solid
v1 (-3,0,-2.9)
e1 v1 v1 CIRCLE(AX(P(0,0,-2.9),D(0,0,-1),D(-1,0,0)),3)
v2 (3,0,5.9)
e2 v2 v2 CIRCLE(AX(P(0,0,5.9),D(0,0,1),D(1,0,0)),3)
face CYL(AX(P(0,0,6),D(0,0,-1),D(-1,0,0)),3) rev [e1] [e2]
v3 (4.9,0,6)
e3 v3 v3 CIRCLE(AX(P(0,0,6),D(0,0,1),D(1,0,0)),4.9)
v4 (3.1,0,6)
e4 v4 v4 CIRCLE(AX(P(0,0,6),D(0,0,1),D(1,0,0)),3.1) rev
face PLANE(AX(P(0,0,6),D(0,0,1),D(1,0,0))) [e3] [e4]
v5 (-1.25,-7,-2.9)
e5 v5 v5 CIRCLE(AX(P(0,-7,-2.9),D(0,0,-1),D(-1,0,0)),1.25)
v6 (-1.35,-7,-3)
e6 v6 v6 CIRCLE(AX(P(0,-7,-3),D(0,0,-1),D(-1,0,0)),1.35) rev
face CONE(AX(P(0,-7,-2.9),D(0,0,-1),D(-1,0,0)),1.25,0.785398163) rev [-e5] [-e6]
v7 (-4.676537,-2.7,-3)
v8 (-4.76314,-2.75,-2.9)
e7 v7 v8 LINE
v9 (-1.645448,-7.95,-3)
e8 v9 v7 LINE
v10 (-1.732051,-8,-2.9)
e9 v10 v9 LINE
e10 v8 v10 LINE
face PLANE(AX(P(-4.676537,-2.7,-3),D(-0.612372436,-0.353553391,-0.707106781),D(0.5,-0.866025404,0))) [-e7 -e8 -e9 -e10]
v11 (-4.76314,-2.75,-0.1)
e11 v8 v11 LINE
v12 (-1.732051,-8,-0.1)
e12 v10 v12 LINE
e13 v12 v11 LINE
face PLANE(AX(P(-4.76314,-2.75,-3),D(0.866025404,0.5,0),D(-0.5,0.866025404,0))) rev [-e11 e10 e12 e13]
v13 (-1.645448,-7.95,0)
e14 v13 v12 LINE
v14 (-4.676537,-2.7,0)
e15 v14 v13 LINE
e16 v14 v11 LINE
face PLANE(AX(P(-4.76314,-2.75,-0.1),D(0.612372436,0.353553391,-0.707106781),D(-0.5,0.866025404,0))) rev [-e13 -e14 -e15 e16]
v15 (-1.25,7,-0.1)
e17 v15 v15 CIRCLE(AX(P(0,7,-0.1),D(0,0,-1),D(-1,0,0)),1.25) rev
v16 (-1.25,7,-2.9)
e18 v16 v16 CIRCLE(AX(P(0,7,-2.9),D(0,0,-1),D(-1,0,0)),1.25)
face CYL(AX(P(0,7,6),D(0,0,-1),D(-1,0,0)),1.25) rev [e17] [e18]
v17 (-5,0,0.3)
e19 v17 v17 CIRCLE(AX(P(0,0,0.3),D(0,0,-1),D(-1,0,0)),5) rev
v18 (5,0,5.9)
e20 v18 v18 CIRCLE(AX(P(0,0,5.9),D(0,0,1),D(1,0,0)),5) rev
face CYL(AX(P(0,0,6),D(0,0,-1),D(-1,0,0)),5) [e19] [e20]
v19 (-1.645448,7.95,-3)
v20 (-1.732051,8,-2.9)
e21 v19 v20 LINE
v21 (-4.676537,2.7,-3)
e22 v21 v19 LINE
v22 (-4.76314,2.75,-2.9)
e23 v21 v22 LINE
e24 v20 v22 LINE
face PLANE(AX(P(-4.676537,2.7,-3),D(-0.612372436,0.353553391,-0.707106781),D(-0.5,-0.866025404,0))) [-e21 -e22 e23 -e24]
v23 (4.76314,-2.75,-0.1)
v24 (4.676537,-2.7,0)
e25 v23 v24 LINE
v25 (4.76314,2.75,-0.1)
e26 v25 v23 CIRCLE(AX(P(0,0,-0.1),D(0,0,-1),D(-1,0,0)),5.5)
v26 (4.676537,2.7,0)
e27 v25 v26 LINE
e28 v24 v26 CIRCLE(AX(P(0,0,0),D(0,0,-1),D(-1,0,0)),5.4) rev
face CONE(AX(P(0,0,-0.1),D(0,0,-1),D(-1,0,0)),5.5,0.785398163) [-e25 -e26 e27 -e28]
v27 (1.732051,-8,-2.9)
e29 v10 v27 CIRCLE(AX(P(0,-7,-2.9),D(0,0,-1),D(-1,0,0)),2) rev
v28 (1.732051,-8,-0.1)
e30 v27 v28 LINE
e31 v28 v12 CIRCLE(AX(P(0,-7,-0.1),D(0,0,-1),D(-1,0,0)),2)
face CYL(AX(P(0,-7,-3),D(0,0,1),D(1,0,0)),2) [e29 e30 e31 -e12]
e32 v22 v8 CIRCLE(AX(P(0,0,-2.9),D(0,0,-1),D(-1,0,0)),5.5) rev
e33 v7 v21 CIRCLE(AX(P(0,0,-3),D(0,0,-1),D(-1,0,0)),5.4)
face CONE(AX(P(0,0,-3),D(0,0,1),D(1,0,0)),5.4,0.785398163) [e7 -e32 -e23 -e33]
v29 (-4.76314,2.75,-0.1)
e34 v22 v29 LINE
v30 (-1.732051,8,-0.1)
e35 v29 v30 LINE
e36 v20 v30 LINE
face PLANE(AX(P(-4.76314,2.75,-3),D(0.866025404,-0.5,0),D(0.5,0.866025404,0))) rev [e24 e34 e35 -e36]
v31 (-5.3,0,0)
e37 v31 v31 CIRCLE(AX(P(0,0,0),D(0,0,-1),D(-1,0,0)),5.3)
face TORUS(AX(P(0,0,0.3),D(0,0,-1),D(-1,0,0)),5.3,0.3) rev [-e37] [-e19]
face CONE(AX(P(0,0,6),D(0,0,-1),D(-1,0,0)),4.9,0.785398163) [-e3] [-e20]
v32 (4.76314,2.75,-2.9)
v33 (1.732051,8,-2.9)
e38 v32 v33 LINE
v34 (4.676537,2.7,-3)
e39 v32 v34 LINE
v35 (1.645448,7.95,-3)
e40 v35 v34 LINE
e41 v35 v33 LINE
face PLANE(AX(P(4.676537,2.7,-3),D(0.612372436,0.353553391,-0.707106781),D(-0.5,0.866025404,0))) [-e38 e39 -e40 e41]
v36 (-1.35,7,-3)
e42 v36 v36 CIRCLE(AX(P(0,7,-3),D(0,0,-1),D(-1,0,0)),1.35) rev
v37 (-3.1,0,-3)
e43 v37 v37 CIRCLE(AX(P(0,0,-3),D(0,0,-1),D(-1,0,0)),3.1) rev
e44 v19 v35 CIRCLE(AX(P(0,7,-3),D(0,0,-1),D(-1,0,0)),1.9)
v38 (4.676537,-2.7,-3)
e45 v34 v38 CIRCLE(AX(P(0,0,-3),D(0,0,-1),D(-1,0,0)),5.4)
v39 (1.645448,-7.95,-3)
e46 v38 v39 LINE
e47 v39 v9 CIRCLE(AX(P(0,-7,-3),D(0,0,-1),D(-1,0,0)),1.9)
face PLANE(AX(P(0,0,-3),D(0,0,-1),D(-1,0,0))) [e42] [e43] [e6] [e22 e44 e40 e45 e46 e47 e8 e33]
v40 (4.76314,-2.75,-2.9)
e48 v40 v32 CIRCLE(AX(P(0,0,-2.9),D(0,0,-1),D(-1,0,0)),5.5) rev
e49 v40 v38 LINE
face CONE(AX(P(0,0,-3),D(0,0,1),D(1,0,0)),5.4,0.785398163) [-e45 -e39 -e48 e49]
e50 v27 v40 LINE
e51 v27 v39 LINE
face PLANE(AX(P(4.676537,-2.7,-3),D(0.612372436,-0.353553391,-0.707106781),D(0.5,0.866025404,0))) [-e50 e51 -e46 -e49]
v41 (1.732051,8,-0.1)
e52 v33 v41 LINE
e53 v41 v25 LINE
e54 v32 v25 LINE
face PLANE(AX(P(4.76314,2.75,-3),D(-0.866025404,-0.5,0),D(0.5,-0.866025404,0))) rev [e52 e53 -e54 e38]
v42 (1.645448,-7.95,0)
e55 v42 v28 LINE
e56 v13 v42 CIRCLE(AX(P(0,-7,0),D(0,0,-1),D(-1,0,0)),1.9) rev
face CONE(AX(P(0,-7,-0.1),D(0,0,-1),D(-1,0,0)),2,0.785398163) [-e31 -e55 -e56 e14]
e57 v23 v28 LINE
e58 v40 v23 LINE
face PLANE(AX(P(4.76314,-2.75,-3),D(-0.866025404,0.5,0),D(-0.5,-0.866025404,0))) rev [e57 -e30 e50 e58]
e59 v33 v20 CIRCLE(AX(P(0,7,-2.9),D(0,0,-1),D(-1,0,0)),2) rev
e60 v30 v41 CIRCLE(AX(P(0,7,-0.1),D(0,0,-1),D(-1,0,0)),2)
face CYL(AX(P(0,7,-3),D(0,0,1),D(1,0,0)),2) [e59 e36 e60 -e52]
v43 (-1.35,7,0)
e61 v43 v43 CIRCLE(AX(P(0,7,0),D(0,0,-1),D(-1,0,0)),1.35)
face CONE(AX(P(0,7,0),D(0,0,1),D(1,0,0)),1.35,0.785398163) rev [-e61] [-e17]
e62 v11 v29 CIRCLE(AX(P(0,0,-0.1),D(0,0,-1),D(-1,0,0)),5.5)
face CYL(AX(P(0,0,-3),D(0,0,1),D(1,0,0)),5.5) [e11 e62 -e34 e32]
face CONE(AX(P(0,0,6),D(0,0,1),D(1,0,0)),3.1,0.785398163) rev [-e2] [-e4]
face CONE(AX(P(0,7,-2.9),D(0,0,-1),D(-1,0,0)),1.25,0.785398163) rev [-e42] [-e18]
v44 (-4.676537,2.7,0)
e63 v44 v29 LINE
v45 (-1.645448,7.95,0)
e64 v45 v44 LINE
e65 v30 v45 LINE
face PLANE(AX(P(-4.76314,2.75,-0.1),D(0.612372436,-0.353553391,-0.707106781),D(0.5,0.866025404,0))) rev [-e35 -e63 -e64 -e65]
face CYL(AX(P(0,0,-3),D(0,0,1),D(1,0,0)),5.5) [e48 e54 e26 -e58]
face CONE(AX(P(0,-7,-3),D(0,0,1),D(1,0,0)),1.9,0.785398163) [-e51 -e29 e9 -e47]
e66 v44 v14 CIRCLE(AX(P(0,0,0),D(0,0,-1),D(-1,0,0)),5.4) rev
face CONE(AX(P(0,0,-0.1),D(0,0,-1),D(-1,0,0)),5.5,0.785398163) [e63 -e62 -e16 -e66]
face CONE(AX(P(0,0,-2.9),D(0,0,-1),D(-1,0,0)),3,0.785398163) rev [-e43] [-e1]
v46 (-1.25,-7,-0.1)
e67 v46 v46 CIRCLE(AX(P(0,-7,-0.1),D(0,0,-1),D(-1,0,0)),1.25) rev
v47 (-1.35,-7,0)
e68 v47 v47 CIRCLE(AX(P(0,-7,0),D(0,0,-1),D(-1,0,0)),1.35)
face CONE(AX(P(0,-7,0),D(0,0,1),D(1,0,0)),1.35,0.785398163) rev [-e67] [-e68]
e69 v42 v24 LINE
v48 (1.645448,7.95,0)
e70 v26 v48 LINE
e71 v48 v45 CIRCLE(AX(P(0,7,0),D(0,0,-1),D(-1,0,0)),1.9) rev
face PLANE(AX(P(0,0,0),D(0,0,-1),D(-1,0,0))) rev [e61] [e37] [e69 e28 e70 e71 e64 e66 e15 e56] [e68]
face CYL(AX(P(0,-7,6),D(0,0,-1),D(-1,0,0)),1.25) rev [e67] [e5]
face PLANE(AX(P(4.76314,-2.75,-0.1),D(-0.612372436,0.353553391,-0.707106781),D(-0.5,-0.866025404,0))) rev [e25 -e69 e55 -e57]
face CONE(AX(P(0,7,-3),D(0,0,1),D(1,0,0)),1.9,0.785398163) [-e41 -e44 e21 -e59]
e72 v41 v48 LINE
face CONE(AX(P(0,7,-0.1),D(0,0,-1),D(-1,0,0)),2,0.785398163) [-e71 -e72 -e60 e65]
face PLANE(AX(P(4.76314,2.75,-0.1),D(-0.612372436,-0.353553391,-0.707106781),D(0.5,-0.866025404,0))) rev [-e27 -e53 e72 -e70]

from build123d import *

# Parameters (mm, degrees)
SKETCH1_R           = 5
BOSS_EXTRUDE1_DEPTH = 6
BOSS_EXTRUDE2_DEPTH = 3
SKETCH3_R           = 3
SKETCH3_R_2         = 1.25
CUT_EXTRUDE1_DEPTH  = 14.865424624
FILLET1_R           = 0.3
CHAMFER1_SIZE       = 0.1


with BuildPart() as part:
    # Sketch1 → Boss-Extrude1 (new body)
    with BuildSketch(Plane.XY):
        Circle(SKETCH1_R)
    extrude(amount=BOSS_EXTRUDE1_DEPTH)

    # Sketch2 → Boss-Extrude2 (add)
    with BuildSketch(Plane(origin=(0, 0, 0), x_dir=(-1, 0, 0), z_dir=(0, 0, -1))):
        with BuildLine():
            Line((-4.763139721, 2.75), (-1.732050808, 8))
            ThreePointArc((-1.732050808, 8), (0, 9), (1.732050808, 8))
            Line((1.732050808, 8), (4.763139721, 2.75))
            ThreePointArc((4.763139721, 2.75), (5.5, 0), (4.763139721, -2.75))
            Line((4.763139721, -2.75), (1.732050808, -8))
            ThreePointArc((1.732050808, -8), (0, -9), (-1.732050808, -8))
            Line((-1.732050808, -8), (-4.763139721, -2.75))
            ThreePointArc((-4.763139721, -2.75), (-5.5, 0), (-4.763139721, 2.75))
        make_face()
    extrude(amount=BOSS_EXTRUDE2_DEPTH)

    # Sketch3 → Cut-Extrude1 (cut, through all)
    with BuildSketch(Plane(origin=(0, 0, -3), x_dir=(-1, 0, 0), z_dir=(0, 0, -1))):
        Circle(SKETCH3_R)
        with Locations((0, 7)):
            Circle(SKETCH3_R_2)
        with Locations((0, -7)):
            Circle(SKETCH3_R_2)
    extrude(amount=-CUT_EXTRUDE1_DEPTH, mode=Mode.SUBTRACT)

    # Fillet1
    fillet1_edges = [part.edges().sort_by_distance(p)[0] for p in [
        (-5, 0, 0),
    ]]
    fillet(fillet1_edges, radius=FILLET1_R)

    # Chamfer1
    chamfer1_edges = [part.edges().sort_by_distance(p)[0] for p in [
        (-3.247595264, -5.375, -3),
        (-5.5, 0, -3),
        (-3.247595264, 5.375, -3),
        (0, 9, -3),
        (3.247595264, 5.375, -3),
        (1.25, -7, 0),
        (1.25, -7, -3),
        (1.25, 7, 0),
        (1.25, 7, -3),
        (3, 0, 6),
        (3, 0, -3),
        (-5, 0, 6),
        (5.5, 0, 0),
        (3.247595264, -5.375, 0),
        (0, -9, 0),
        (-3.247595264, -5.375, 0),
        (-5.5, 0, 0),
        (-3.247595264, 5.375, 0),
        (0, 9, 0),
        (3.247595264, 5.375, 0),
        (5.5, 0, -3),
        (3.247595264, -5.375, -3),
        (0, -9, -3),
    ]]
    chamfer(chamfer1_edges, length=CHAMFER1_SIZE)


solid = part.part
